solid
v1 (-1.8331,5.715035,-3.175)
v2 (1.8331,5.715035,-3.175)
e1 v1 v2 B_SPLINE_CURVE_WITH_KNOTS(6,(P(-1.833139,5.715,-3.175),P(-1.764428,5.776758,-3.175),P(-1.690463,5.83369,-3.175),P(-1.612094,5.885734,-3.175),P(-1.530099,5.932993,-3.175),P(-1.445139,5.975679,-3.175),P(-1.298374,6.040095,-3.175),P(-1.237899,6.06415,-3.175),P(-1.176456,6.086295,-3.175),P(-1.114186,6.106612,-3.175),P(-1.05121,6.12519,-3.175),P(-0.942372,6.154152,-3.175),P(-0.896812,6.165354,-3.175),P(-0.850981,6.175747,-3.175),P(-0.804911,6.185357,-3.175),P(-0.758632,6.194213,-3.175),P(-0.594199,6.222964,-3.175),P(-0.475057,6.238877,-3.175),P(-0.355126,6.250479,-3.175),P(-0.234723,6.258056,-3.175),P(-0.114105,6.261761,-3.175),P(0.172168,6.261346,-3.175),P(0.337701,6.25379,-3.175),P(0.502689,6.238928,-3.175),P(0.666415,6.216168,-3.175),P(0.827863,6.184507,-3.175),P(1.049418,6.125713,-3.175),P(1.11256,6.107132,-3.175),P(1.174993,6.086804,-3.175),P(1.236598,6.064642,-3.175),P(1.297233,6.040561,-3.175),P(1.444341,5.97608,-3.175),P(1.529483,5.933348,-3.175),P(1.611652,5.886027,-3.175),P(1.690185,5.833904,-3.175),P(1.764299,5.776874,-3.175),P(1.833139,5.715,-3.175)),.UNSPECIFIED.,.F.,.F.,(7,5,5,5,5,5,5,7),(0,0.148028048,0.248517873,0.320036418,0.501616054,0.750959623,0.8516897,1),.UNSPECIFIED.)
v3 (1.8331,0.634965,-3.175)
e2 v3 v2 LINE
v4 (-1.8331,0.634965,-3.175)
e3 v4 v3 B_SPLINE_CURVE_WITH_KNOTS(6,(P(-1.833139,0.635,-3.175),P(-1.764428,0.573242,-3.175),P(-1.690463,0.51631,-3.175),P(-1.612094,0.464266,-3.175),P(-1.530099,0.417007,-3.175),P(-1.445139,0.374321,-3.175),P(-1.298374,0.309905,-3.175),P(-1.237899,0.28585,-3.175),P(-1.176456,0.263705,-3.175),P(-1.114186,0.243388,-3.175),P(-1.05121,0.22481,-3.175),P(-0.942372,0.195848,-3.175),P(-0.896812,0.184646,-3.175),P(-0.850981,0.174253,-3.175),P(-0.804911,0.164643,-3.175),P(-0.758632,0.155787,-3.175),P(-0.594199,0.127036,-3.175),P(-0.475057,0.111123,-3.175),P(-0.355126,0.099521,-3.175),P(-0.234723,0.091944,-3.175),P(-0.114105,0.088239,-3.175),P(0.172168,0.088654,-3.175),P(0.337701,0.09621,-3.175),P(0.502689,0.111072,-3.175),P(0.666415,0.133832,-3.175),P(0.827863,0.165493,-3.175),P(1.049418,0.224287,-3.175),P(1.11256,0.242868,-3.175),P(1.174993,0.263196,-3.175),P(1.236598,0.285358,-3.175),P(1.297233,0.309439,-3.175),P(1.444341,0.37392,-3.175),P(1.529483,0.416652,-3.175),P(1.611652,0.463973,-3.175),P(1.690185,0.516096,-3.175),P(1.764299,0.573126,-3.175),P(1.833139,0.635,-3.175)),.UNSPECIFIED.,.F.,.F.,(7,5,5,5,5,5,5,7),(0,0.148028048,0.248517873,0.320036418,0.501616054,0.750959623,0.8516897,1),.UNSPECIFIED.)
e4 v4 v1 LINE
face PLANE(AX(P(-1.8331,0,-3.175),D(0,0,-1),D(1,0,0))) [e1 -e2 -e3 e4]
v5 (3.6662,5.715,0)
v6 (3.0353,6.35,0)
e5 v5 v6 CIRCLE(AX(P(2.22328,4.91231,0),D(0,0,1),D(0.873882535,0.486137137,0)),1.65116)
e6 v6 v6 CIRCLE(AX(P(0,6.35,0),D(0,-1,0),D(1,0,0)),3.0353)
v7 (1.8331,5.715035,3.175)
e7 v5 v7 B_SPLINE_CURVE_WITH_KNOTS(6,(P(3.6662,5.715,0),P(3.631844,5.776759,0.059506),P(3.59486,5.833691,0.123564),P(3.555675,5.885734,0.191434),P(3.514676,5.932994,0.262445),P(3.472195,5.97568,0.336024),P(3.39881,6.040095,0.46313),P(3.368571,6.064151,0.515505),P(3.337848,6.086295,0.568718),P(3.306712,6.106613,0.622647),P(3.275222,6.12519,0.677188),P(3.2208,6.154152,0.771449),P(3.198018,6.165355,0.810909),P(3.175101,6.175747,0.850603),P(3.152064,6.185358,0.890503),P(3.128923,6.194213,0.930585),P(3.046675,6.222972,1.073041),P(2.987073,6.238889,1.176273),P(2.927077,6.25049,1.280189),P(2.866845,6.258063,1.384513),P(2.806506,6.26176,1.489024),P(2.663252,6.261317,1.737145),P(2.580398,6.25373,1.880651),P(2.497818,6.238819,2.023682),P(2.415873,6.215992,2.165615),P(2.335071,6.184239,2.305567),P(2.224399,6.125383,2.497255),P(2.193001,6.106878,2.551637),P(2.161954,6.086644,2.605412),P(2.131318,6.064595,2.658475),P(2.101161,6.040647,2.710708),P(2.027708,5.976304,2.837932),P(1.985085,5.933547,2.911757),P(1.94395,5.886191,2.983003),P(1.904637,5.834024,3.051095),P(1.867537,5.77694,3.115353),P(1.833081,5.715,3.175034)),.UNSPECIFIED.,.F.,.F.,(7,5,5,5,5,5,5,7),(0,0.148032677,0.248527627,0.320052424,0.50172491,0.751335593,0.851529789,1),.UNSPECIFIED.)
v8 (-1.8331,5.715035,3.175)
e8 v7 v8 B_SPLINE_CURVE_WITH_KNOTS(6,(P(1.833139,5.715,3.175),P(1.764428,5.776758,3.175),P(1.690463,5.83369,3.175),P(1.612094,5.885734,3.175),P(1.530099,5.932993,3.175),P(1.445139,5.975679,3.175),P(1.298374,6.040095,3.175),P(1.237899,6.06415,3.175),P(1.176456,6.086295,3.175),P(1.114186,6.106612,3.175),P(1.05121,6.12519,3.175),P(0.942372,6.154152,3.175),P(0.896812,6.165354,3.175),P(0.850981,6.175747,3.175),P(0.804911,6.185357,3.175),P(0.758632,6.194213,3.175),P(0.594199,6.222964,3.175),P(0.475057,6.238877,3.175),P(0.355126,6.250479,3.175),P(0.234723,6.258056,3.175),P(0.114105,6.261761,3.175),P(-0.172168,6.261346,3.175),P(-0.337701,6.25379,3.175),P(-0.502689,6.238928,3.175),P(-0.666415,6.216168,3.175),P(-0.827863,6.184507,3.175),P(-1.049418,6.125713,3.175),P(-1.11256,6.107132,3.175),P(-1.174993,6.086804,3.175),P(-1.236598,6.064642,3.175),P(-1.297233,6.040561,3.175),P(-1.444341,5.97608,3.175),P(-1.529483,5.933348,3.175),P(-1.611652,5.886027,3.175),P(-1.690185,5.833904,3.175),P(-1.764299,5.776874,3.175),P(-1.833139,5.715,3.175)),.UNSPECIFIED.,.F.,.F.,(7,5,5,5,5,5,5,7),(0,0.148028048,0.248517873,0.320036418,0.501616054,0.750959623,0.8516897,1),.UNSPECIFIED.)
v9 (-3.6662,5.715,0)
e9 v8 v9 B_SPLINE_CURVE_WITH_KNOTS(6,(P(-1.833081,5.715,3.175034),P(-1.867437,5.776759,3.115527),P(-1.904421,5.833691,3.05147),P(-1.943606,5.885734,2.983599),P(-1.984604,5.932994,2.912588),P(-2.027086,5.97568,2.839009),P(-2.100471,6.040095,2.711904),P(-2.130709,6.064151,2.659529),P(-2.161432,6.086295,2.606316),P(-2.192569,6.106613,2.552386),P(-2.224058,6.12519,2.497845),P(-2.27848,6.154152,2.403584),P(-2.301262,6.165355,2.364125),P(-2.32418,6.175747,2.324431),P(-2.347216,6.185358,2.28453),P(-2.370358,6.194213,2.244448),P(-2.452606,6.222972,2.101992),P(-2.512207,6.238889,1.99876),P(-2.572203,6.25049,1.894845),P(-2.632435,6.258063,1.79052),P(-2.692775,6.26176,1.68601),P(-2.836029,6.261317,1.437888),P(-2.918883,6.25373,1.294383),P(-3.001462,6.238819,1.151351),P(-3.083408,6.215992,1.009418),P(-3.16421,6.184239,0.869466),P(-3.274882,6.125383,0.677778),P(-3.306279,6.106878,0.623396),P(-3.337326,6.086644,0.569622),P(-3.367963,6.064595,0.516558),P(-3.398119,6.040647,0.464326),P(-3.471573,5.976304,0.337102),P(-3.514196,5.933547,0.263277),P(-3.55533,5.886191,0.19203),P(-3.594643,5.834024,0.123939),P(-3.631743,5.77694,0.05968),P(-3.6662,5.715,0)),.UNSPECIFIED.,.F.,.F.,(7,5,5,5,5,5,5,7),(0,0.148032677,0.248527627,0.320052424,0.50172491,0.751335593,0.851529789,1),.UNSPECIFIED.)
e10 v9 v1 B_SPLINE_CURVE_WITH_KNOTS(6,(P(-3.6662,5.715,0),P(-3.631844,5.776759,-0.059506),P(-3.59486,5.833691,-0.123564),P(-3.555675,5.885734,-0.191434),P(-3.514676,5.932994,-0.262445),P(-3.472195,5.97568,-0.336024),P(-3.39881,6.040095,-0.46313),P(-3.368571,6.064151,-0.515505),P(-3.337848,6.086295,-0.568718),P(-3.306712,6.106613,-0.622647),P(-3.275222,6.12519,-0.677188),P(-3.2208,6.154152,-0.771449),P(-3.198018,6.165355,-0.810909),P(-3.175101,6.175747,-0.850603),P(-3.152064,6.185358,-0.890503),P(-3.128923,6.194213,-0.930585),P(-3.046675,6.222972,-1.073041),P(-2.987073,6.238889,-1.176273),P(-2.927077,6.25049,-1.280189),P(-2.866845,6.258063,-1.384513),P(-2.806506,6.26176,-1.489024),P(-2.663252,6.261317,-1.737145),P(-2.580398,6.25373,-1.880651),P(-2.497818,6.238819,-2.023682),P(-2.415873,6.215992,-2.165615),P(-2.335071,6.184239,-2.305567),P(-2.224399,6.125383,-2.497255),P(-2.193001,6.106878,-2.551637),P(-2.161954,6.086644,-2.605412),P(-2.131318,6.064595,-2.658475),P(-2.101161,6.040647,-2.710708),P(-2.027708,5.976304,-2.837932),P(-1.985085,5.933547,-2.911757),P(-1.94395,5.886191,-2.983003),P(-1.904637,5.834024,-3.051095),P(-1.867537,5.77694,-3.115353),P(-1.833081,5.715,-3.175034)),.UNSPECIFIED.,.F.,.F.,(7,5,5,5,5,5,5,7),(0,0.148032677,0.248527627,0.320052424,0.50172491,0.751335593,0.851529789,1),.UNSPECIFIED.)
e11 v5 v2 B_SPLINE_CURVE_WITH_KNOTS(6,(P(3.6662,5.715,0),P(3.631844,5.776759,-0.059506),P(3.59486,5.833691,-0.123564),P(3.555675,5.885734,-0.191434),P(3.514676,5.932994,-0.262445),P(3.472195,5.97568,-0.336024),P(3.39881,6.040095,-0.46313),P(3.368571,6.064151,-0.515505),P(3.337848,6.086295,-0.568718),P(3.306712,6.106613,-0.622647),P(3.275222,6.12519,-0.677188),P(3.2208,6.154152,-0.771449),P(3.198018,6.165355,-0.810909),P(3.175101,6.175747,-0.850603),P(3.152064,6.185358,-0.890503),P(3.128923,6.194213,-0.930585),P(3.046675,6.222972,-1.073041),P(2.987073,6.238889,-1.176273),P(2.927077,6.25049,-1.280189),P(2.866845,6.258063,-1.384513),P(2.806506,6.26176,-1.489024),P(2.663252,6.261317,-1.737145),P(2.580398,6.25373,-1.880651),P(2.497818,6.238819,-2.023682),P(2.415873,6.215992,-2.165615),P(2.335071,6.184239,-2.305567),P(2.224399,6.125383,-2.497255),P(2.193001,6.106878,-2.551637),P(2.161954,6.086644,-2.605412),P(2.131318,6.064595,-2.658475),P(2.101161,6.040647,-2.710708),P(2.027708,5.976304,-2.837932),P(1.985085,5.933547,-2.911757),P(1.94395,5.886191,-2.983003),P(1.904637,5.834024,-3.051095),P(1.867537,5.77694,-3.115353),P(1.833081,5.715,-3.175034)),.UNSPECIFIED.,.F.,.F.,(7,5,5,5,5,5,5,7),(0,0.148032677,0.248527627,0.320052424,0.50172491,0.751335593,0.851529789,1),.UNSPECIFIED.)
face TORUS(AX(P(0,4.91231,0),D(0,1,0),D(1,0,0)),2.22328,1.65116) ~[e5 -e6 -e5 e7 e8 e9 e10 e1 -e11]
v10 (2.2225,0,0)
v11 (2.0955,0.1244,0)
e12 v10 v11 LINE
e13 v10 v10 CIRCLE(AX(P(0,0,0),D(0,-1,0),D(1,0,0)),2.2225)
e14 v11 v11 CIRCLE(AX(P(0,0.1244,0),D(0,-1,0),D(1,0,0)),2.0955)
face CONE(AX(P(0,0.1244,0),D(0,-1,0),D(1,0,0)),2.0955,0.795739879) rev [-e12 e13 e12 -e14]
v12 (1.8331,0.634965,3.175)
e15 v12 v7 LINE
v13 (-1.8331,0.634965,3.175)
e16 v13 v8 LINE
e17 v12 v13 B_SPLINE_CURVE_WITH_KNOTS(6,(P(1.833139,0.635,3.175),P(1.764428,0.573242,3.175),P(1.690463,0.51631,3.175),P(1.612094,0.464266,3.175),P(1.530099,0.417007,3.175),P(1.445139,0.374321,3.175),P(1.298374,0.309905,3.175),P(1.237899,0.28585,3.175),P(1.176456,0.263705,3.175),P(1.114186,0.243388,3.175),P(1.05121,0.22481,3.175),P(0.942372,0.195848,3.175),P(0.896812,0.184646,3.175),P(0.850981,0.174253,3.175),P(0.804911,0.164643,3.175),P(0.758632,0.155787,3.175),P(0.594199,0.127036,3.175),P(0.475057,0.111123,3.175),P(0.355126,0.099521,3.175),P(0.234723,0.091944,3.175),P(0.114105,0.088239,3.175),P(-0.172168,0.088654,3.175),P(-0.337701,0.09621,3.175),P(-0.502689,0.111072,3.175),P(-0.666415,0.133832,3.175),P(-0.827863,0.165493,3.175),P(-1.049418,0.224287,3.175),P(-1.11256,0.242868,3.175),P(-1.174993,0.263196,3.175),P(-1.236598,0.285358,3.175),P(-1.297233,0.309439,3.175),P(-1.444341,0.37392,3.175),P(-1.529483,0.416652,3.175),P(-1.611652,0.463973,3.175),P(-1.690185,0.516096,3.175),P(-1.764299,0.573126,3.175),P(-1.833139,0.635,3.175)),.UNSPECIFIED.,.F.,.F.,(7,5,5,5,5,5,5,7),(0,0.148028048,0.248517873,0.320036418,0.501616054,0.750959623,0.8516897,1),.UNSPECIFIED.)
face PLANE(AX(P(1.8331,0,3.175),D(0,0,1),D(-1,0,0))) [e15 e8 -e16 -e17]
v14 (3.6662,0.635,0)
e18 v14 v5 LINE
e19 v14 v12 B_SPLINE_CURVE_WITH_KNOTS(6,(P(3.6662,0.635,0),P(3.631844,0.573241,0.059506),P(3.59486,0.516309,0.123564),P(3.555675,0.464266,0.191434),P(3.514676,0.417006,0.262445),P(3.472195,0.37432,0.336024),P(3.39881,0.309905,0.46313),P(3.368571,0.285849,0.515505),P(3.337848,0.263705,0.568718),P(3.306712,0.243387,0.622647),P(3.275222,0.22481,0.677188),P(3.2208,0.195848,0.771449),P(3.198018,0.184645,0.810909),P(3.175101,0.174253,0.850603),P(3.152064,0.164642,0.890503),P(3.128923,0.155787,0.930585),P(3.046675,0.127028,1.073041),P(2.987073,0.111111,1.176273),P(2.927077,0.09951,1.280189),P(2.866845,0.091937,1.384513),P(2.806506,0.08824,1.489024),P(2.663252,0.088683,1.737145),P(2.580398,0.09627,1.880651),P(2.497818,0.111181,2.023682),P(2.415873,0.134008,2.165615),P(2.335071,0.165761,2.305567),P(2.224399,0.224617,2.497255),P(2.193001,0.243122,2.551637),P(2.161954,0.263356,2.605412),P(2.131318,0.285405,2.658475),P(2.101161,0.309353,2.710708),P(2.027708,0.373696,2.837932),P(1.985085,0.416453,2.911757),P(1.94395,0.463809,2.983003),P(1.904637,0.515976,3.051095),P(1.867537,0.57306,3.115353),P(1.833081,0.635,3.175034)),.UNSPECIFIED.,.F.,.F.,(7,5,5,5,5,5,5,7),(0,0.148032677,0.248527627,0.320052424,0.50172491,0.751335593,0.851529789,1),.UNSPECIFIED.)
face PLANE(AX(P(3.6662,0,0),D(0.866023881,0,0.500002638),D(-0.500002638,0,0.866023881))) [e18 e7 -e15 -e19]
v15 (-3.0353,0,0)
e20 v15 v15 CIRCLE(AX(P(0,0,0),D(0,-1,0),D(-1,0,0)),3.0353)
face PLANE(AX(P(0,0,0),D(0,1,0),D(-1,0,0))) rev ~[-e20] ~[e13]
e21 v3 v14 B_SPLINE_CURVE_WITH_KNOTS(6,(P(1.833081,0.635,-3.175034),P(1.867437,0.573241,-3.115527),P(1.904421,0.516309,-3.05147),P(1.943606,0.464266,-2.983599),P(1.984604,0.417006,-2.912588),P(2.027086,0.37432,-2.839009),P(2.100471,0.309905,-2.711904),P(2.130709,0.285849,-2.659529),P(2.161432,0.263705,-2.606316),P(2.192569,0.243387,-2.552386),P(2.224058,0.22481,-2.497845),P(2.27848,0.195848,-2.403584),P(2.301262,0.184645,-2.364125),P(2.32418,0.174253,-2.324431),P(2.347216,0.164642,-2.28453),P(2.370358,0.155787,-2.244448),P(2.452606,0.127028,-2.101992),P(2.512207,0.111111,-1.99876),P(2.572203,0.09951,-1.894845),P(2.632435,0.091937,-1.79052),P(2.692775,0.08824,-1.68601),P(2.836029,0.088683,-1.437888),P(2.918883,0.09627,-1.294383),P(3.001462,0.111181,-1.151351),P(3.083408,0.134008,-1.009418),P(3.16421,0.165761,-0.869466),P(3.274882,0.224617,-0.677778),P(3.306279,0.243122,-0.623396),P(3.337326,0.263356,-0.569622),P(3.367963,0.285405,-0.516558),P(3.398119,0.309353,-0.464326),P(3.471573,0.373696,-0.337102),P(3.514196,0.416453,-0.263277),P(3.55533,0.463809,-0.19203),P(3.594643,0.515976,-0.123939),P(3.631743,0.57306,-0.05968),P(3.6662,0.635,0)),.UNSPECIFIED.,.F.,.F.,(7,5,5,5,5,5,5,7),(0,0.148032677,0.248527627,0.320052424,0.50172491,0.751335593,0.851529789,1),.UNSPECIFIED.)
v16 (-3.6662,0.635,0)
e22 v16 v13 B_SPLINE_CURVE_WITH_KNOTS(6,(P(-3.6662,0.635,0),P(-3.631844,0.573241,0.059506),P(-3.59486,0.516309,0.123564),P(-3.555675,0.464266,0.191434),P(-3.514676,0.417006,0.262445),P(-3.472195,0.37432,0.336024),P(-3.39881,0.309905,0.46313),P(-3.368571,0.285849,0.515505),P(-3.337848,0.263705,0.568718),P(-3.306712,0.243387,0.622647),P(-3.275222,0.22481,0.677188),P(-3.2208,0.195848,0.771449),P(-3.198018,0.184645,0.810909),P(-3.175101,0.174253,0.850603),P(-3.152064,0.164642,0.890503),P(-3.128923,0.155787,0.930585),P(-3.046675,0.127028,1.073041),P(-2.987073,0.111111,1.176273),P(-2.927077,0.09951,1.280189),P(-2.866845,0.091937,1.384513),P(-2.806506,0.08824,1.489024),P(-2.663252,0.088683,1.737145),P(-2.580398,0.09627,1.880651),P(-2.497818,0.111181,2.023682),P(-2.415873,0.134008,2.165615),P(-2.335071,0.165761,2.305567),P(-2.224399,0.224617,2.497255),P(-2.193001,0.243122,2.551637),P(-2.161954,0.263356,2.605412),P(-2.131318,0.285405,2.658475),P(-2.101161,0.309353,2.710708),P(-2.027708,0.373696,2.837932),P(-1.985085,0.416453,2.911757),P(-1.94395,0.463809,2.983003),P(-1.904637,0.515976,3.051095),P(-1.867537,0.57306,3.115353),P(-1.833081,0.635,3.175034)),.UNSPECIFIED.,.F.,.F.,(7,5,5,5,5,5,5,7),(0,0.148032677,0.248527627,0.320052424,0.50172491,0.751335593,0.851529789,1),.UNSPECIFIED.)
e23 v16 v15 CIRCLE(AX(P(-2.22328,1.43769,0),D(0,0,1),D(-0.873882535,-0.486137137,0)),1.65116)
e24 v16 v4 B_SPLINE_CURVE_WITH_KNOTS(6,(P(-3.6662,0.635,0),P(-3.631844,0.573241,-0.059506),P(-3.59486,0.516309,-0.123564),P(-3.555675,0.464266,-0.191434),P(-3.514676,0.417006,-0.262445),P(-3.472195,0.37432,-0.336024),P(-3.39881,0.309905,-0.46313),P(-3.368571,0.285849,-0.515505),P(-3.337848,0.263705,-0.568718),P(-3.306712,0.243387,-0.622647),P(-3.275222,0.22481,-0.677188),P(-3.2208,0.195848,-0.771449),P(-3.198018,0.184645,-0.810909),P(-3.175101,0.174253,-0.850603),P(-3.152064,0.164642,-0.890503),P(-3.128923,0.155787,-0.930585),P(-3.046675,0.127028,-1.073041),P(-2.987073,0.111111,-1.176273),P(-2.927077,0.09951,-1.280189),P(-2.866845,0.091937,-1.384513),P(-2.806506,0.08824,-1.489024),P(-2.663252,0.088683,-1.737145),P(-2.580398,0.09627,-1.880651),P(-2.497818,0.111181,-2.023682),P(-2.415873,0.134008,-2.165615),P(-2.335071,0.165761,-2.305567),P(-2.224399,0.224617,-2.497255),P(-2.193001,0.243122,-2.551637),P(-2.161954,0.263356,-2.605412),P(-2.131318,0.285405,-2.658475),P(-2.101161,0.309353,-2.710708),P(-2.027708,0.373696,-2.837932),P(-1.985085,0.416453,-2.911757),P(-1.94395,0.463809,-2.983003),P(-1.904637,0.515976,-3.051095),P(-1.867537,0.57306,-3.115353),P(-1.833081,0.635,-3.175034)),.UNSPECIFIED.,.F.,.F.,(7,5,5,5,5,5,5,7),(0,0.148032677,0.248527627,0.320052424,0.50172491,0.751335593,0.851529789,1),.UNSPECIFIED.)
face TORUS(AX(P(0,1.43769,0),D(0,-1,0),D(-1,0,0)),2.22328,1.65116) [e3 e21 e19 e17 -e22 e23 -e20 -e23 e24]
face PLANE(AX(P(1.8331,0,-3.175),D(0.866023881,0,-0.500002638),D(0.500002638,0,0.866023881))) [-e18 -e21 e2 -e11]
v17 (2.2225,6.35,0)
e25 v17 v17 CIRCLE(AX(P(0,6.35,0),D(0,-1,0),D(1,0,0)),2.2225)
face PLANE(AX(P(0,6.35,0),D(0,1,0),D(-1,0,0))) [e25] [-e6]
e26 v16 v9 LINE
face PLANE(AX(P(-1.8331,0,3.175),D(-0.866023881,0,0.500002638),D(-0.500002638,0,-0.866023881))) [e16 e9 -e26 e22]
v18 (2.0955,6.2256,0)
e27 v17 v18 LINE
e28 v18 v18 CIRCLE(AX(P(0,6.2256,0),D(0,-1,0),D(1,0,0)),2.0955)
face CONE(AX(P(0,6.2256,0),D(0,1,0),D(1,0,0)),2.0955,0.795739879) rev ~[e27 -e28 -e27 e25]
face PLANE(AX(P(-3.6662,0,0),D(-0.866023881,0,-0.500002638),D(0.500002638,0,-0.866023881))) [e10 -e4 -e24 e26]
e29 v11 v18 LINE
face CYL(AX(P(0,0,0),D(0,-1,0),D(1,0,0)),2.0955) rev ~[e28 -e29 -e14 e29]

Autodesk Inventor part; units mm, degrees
ref_plane "YZ Plane" through (0, 0, 0) normal (1, 0, 0) x (0, 1, 0)
ref_plane "XZ Plane" through (0, 0, 0) normal (0, 1, 0) x (-1, 0, 0)
ref_plane "XY Plane" through (0, 0, 0) normal (0, 0, 1) x (1, 0, 0)
sketch "Sketch1" plane through (0, 0, 0) normal (0, 1, 0) x (-1, 0, 0)
  line L0 (-1.8331, -3.175) -> (-3.6662, 0)
  line L1 (-3.6662, 0) -> (-1.8331, 3.175)
  line L2 (-1.8331, 3.175) -> (1.8331, 3.175)
  line L3 (1.8331, 3.175) -> (3.6662, 0)
  line L4 (3.6662, 0) -> (1.8331, -3.175)
  line L5 (1.8331, -3.175) -> (-1.8331, -3.175)
  point P0 (0, 0)
  point P1 (0, 0)
  dimension "d0" = 6.35
extrude "Body" add sketch "Sketch1" along normal blind 6.35
sketch "Sketch2" plane through (0, 6.35, 0) normal (0, 1, 0) x (1, 0, 0)
  circle A0 centre (0, 0) radius 2.0955
  dimension "d3" = 4.191
extrude "Hole 2" [suppressed]
sketch "Sketch3" plane through (0, 0, 0) normal (0, -1, 0) x (1, 0, 0)
  circle A0 centre (0, 0) radius 2.0955
  dimension "d6" = 4.191
extrude "Hole 1" cut sketch "Sketch3" against normal blind 12.7
chamfer "Hole 2 Chamfer 1" [suppressed]
chamfer "Hole 1 Chamfer 1" distance 0.127 distance2 0.1244 1 edges at (-2.0955, 0, 0) measured on face at (-0.0842, 0, 2.8101)
sketch "Sketch4" plane through (0, 0, 0) normal (0, 0, 1) x (1, 0, 0)
  line L0 (1.8331, 6.35) -> (-1.8331, 6.35) projected
  line L1 (0, 6.35) -> (-3.0353, 6.35)
  line L2 (-3.6662, 6.35) -> (-1.8331, 6.35) projected
  line L3 (-3.6662, 0) -> (-3.6662, 6.35) projected
  arc A0 (-3.0353, 6.35) -> (-3.6662, 5.715) centre (-2.2234, 4.9124) ccw
  line L4 (-3.6662, 5.715) -> (-6.3588, 8.3147)
  line L5 (-6.3588, 8.3147) -> (0, 6.35)
  line L6 (0, 6.35) -> (0, -3.486)
  point P0 (0, 0)
  dimension "d15" = 3.0353
  dimension "d16" = 1.651
  dimension "d17" = 0.635
revolve "Hole 2 Chamfer 2" [suppressed]
sketch "Sketch5" plane through (0, 0, 0) normal (0, 0, 1) x (1, 0, 0)
  line L0 (0, 0) -> (-3.0353, 0)
  line L1 (1.8331, 0) -> (-1.8331, 0) projected
  line L2 (-3.6662, 0) -> (-3.6662, 6.35) projected
  arc A0 (-3.6662, 0.635) -> (-3.0353, 0) centre (-2.2234, 1.4376) ccw
  line L3 (0, 0) -> (0, -2.1986)
  line L4 (-3.6662, 0.635) -> (-4.1154, -0.8715)
  line L5 (-4.1154, -0.8715) -> (0, 0)
  point P0 (-3.6662, 18.415)
  dimension "d19" = 3.0353
  dimension "d20" = 1.651
  dimension "d21" = 0.635
revolve "Hole 1 Chamfer 2" cut sketch "Sketch5" angle 360 about axis through (0, 0, 0) along (0, -1, 0)
chamfer "Hole 2 Chamfer 1 For Short" distance 0.127 distance2 0.1244 1 edges at (-2.0955, 6.35, 0) measured on face at (-0.0842, 6.35, 2.8101)
sketch "Sketch7" plane through (0, 0, 0) normal (0, 0, 1) x (1, 0, 0)
  line L0 (0, 6.3504) -> (3.0353, 6.35)
  line L1 (3.6662, 6.35) -> (1.8331, 6.35) projected
  line L2 (3.6662, 0.635) -> (3.6662, 6.35) projected
  arc A0 (3.6662, 5.715) -> (3.0353, 6.35) centre (2.2234, 4.9124) ccw
  line L3 (3.6662, 5.715) -> (4.2663, 7.2532)
  line L4 (4.2663, 7.2532) -> (0, 6.3504)
  line L5 (0, 8.1561) -> (0, 6.3504)
  line L6 (1.8331, 6.35) -> (-1.8331, 6.35) projected
  point P0 (0, 0)
  point P1 (0, 6.35)
  dimension "d33" = 3.0353
  dimension "d34" = 1.651
  dimension "d35" = 0.635
revolve "Hole 2 Chamfer 2 For Short" cut sketch "Sketch7" angle 360 about axis through (0, 8.1561, 0) along (0, -1, 0)
properties part number "Standoff .5" material "VEX Aluminum Alloy 5052-H32"
